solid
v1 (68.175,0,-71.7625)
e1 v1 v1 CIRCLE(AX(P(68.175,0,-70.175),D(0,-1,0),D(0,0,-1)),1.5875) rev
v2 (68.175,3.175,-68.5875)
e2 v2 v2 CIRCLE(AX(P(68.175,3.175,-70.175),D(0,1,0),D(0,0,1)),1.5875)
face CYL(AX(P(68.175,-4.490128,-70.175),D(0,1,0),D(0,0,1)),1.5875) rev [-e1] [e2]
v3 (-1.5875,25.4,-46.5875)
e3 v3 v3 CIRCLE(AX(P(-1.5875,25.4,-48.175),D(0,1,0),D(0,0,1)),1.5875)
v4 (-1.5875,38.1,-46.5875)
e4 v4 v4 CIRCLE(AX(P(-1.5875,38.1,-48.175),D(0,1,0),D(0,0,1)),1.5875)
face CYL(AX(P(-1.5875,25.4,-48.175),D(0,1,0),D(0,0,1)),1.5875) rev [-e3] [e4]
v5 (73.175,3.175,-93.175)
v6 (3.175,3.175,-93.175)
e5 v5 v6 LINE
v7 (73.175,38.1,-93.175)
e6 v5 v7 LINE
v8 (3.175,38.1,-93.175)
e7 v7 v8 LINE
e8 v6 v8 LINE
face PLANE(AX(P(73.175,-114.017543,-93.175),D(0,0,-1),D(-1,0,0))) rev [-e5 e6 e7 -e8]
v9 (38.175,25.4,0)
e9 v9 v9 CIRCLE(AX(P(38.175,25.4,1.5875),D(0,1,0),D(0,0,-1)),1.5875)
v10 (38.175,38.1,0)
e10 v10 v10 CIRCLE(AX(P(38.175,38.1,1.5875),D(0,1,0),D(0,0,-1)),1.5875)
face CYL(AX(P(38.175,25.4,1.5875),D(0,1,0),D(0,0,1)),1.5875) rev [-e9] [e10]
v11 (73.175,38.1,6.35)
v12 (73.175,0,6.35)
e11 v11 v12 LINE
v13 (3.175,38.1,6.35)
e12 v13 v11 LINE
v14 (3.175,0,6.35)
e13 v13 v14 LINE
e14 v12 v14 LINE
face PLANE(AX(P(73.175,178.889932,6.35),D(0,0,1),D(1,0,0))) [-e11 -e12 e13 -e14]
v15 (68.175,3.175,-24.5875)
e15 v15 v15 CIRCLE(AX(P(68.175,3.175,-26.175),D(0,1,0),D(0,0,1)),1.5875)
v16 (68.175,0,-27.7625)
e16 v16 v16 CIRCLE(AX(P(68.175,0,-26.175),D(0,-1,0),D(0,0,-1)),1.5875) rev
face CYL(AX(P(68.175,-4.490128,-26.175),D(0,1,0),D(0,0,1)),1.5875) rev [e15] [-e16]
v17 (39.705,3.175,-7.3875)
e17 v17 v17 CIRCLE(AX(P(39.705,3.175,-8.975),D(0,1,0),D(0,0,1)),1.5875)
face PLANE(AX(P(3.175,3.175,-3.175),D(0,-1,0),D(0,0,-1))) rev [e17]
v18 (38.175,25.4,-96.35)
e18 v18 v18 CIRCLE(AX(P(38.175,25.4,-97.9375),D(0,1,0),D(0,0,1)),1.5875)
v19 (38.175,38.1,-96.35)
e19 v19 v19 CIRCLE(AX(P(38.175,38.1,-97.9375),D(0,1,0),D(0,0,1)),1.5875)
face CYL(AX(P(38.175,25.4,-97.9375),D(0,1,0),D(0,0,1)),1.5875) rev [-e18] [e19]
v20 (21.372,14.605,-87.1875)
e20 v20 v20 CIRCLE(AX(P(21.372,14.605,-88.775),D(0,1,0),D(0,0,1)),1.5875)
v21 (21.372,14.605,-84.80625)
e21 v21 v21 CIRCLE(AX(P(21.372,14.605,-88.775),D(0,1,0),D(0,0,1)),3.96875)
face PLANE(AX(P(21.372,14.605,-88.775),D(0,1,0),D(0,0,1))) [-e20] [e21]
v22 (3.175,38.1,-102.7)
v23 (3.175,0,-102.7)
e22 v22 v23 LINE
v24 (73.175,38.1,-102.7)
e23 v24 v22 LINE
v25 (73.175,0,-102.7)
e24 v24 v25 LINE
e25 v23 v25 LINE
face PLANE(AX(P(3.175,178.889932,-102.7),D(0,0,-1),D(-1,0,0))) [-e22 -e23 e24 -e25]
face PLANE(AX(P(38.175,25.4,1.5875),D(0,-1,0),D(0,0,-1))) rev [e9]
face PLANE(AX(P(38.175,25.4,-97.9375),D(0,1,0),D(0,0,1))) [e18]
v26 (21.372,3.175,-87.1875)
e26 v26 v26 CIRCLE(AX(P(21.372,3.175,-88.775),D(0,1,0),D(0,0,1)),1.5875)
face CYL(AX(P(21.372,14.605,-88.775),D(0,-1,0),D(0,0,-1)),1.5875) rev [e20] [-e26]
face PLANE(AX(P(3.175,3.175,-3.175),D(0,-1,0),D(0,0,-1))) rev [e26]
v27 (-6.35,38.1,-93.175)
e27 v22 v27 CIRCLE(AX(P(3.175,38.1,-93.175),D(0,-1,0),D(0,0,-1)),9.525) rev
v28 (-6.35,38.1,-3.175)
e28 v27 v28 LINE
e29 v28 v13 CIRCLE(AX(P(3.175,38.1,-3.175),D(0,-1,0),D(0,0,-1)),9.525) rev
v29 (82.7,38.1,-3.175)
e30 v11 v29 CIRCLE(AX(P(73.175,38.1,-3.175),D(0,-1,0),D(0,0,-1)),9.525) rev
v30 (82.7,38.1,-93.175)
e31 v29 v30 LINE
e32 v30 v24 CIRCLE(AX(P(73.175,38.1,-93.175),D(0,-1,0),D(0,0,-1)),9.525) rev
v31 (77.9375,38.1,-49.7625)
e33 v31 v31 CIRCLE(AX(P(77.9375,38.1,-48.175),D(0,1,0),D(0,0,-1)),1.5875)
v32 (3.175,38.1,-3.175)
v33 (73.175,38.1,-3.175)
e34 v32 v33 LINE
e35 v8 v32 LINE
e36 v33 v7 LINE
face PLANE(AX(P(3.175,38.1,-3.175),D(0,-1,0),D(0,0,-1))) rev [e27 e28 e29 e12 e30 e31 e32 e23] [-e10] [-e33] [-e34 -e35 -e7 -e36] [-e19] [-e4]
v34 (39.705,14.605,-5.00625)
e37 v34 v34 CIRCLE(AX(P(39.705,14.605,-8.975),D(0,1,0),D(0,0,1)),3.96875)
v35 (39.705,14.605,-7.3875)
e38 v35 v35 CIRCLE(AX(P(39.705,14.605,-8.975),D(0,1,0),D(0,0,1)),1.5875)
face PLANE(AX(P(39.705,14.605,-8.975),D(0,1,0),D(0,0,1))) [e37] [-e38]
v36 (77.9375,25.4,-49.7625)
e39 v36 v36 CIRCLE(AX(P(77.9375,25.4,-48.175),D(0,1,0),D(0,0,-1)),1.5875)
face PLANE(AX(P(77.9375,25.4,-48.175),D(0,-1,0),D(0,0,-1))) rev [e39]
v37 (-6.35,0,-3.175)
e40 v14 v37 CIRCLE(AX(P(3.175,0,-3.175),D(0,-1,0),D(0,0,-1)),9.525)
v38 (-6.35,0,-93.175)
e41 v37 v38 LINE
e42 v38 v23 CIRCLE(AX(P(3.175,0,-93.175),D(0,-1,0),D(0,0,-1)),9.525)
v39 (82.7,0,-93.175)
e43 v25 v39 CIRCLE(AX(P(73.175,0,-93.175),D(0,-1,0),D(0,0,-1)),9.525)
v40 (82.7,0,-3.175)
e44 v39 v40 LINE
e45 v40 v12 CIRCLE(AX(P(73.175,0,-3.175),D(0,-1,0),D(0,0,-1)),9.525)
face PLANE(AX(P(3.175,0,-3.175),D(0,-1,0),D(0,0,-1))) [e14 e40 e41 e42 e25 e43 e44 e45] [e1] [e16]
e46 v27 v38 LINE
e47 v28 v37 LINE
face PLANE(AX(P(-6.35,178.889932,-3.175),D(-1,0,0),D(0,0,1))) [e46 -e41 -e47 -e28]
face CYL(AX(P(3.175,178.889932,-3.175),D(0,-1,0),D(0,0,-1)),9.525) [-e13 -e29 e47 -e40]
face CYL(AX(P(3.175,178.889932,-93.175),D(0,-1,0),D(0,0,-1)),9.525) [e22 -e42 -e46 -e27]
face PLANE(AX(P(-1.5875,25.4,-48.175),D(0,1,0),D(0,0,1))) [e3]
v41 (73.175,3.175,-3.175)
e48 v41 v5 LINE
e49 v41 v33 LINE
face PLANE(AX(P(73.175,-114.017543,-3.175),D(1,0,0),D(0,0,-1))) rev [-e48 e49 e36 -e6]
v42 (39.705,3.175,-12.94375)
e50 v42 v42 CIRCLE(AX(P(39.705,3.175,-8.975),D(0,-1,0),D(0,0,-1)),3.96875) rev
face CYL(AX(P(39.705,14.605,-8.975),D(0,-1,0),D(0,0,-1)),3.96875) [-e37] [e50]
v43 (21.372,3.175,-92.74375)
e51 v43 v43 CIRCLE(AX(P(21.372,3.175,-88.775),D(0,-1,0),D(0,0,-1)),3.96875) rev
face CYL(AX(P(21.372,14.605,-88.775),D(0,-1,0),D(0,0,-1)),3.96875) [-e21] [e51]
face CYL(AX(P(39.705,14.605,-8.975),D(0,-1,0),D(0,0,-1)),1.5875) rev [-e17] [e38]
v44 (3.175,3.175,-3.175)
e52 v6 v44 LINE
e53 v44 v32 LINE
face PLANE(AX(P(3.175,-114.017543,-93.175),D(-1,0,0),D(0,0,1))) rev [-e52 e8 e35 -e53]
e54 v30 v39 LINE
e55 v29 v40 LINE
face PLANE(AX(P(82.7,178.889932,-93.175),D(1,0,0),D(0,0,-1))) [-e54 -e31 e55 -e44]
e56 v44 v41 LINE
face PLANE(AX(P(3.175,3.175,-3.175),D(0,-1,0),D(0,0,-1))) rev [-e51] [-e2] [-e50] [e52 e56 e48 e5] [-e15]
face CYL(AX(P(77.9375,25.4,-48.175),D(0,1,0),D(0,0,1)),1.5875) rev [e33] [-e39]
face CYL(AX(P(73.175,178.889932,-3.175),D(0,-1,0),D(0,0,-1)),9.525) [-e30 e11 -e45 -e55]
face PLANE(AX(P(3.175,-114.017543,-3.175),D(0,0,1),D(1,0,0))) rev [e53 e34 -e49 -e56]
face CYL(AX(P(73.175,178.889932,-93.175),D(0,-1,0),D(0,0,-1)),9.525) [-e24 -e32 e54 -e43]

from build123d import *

# Parameters (mm, degrees)
BOSS_EXTRUDE1_DEPTH = 38.1
SKETCH2_W           = 69.999999954
SKETCH2_H           = 90.000000086
CUT_EXTRUDE1_DEPTH  = 34.925
SKETCH3_R           = 3.96875
SKETCH3_R_2         = 1.5875
BOSS_EXTRUDE2_DEPTH = 11.43
BOSS_EXTRUDE3_DEPTH = 38.1
SKETCH5_R           = 1.5875
CUT_EXTRUDE2_DEPTH  = 12.7
SKETCH7_R           = 1.5875
CUT_EXTRUDE3_DEPTH  = 3.175


with BuildPart() as part:
    # Sketch1 → Boss-Extrude1 (new body)
    with BuildSketch(Plane(origin=(0, 0, 0), x_dir=(1, 0, 0), z_dir=(0, 1, 0))):
        with BuildLine():
            Line((3.175, 0), (73.174999954, 0))
            ThreePointArc((73.174999954, 0), (75.420063984, 0.92993597), (76.349999954, 3.175))
            Line((76.349999954, 3.175), (76.349999954, 93.175000086))
            ThreePointArc((76.349999954, 93.175000086), (75.420063984, 95.420064116), (73.174999954, 96.350000086))
            Line((73.174999954, 96.350000086), (3.175, 96.350000086))
            ThreePointArc((3.175, 96.350000086), (0.92993597, 95.420064116), (0, 93.175000086))
            Line((0, 93.175000086), (0, 3.175))
            ThreePointArc((0, 3.175), (0.92993597, 0.92993597), (3.175, 0))
        make_face()
    extrude(amount=BOSS_EXTRUDE1_DEPTH)

    # Sketch2 → Cut-Extrude1 (cut)
    with BuildSketch(Plane(origin=(0, 38.1, 0), x_dir=(1, 0, 0), z_dir=(0, 1, 0))):
        with Locations((38.174999977, 48.175000043)):
            Rectangle(SKETCH2_W, SKETCH2_H)
    extrude(amount=-CUT_EXTRUDE1_DEPTH, mode=Mode.SUBTRACT)

    # Sketch3 → Boss-Extrude2 (add)
    # profile 1 of 2: a face of its own
    with BuildSketch(Plane(origin=(0, 3.175, 0), x_dir=(1, 0, 0), z_dir=(0, 1, 0))):
        with Locations(Location((21.371999977, 88.775000043, 0), (0, 0, 90))):
            Circle(SKETCH3_R)
        with Locations(Location((21.371999977, 88.775000043, 0), (0, 0, 270))):
            Circle(SKETCH3_R_2, mode=Mode.SUBTRACT)
    # profile 2 of 2: a face of its own
    with BuildSketch(Plane(origin=(0, 3.175, 0), x_dir=(1, 0, 0), z_dir=(0, 1, 0))):
        with Locations(Location((39.704999977, 8.975000043, 0), (0, 0, 90))):
            Circle(SKETCH3_R)
        with Locations(Location((39.704999977, 8.975000043, 0), (0, 0, 270))):
            Circle(SKETCH3_R_2, mode=Mode.SUBTRACT)
    extrude(amount=BOSS_EXTRUDE2_DEPTH)

    # Sketch4 → Boss-Extrude3 (add)
    with BuildSketch(Plane.XZ):
        with BuildLine():
            Line((-6.35, -3.175), (-6.35, -93.175000086))
            ThreePointArc((-6.35, -93.175000086), (-3.560192091, -99.910192177), (3.175, -102.700000086))
            Line((3.175, -102.700000086), (73.174999954, -102.700000086))
            ThreePointArc((73.174999954, -102.700000086), (79.910192045, -99.910192177), (82.699999954, -93.175000086))
            Line((82.699999954, -93.175000086), (82.699999954, -3.175))
            ThreePointArc((82.699999954, -3.175), (79.910192045, 3.560192091), (73.174999954, 6.35))
            Line((73.174999954, 6.35), (3.175, 6.35))
            ThreePointArc((3.175, 6.35), (-3.560192091, 3.560192091), (-6.35, -3.175))
        make_face()
        with BuildLine():
            Line((0, -3.175), (0, -93.175000086))
            ThreePointArc((0, -93.175000086), (0.92993597, -95.420064116), (3.175, -96.350000086))
            Line((3.175, -96.350000086), (73.174999954, -96.350000086))
            ThreePointArc((73.174999954, -96.350000086), (75.420063984, -95.420064116), (76.349999954, -93.175000086))
            Line((76.349999954, -93.175000086), (76.349999954, -3.175))
            ThreePointArc((76.349999954, -3.175), (75.420063984, -0.92993597), (73.174999954, 0))
            Line((73.174999954, 0), (3.175, 0))
            ThreePointArc((3.175, 0), (0.92993597, -0.92993597), (0, -3.175))
        make_face(mode=Mode.SUBTRACT)
    extrude(amount=-BOSS_EXTRUDE3_DEPTH)

    # Sketch5 → Cut-Extrude2 (cut)
    with BuildSketch(Plane(origin=(0, 38.1, 0), x_dir=(1, 0, 0), z_dir=(0, 1, 0))):
        with Locations(Location((-1.5875, 48.175000043, 0), (0, 0, 270))):
            Circle(SKETCH5_R)
        with Locations(Location((38.174999977, 97.937500086, 0), (0, 0, 270))):
            Circle(SKETCH5_R)
        with Locations(Location((38.174999977, -1.5875, 0), (0, 0, 90))):
            Circle(SKETCH5_R)
        with Locations(Location((77.937499954, 48.175000043, 0), (0, 0, 90))):
            Circle(SKETCH5_R)
    extrude(amount=-CUT_EXTRUDE2_DEPTH, mode=Mode.SUBTRACT)

    # Sketch7 → Cut-Extrude3 (cut)
    with BuildSketch(Plane(origin=(0, 3.175, 0), x_dir=(1, 0, 0), z_dir=(0, 1, 0))):
        with Locations(Location((68.174999954, 70.175000043, 0), (0, 0, 270))):
            Circle(SKETCH7_R)
        with Locations(Location((68.174999954, 26.175000043, 0), (0, 0, 270))):
            Circle(SKETCH7_R)
    extrude(amount=-CUT_EXTRUDE3_DEPTH, mode=Mode.SUBTRACT)


solid = part.part
